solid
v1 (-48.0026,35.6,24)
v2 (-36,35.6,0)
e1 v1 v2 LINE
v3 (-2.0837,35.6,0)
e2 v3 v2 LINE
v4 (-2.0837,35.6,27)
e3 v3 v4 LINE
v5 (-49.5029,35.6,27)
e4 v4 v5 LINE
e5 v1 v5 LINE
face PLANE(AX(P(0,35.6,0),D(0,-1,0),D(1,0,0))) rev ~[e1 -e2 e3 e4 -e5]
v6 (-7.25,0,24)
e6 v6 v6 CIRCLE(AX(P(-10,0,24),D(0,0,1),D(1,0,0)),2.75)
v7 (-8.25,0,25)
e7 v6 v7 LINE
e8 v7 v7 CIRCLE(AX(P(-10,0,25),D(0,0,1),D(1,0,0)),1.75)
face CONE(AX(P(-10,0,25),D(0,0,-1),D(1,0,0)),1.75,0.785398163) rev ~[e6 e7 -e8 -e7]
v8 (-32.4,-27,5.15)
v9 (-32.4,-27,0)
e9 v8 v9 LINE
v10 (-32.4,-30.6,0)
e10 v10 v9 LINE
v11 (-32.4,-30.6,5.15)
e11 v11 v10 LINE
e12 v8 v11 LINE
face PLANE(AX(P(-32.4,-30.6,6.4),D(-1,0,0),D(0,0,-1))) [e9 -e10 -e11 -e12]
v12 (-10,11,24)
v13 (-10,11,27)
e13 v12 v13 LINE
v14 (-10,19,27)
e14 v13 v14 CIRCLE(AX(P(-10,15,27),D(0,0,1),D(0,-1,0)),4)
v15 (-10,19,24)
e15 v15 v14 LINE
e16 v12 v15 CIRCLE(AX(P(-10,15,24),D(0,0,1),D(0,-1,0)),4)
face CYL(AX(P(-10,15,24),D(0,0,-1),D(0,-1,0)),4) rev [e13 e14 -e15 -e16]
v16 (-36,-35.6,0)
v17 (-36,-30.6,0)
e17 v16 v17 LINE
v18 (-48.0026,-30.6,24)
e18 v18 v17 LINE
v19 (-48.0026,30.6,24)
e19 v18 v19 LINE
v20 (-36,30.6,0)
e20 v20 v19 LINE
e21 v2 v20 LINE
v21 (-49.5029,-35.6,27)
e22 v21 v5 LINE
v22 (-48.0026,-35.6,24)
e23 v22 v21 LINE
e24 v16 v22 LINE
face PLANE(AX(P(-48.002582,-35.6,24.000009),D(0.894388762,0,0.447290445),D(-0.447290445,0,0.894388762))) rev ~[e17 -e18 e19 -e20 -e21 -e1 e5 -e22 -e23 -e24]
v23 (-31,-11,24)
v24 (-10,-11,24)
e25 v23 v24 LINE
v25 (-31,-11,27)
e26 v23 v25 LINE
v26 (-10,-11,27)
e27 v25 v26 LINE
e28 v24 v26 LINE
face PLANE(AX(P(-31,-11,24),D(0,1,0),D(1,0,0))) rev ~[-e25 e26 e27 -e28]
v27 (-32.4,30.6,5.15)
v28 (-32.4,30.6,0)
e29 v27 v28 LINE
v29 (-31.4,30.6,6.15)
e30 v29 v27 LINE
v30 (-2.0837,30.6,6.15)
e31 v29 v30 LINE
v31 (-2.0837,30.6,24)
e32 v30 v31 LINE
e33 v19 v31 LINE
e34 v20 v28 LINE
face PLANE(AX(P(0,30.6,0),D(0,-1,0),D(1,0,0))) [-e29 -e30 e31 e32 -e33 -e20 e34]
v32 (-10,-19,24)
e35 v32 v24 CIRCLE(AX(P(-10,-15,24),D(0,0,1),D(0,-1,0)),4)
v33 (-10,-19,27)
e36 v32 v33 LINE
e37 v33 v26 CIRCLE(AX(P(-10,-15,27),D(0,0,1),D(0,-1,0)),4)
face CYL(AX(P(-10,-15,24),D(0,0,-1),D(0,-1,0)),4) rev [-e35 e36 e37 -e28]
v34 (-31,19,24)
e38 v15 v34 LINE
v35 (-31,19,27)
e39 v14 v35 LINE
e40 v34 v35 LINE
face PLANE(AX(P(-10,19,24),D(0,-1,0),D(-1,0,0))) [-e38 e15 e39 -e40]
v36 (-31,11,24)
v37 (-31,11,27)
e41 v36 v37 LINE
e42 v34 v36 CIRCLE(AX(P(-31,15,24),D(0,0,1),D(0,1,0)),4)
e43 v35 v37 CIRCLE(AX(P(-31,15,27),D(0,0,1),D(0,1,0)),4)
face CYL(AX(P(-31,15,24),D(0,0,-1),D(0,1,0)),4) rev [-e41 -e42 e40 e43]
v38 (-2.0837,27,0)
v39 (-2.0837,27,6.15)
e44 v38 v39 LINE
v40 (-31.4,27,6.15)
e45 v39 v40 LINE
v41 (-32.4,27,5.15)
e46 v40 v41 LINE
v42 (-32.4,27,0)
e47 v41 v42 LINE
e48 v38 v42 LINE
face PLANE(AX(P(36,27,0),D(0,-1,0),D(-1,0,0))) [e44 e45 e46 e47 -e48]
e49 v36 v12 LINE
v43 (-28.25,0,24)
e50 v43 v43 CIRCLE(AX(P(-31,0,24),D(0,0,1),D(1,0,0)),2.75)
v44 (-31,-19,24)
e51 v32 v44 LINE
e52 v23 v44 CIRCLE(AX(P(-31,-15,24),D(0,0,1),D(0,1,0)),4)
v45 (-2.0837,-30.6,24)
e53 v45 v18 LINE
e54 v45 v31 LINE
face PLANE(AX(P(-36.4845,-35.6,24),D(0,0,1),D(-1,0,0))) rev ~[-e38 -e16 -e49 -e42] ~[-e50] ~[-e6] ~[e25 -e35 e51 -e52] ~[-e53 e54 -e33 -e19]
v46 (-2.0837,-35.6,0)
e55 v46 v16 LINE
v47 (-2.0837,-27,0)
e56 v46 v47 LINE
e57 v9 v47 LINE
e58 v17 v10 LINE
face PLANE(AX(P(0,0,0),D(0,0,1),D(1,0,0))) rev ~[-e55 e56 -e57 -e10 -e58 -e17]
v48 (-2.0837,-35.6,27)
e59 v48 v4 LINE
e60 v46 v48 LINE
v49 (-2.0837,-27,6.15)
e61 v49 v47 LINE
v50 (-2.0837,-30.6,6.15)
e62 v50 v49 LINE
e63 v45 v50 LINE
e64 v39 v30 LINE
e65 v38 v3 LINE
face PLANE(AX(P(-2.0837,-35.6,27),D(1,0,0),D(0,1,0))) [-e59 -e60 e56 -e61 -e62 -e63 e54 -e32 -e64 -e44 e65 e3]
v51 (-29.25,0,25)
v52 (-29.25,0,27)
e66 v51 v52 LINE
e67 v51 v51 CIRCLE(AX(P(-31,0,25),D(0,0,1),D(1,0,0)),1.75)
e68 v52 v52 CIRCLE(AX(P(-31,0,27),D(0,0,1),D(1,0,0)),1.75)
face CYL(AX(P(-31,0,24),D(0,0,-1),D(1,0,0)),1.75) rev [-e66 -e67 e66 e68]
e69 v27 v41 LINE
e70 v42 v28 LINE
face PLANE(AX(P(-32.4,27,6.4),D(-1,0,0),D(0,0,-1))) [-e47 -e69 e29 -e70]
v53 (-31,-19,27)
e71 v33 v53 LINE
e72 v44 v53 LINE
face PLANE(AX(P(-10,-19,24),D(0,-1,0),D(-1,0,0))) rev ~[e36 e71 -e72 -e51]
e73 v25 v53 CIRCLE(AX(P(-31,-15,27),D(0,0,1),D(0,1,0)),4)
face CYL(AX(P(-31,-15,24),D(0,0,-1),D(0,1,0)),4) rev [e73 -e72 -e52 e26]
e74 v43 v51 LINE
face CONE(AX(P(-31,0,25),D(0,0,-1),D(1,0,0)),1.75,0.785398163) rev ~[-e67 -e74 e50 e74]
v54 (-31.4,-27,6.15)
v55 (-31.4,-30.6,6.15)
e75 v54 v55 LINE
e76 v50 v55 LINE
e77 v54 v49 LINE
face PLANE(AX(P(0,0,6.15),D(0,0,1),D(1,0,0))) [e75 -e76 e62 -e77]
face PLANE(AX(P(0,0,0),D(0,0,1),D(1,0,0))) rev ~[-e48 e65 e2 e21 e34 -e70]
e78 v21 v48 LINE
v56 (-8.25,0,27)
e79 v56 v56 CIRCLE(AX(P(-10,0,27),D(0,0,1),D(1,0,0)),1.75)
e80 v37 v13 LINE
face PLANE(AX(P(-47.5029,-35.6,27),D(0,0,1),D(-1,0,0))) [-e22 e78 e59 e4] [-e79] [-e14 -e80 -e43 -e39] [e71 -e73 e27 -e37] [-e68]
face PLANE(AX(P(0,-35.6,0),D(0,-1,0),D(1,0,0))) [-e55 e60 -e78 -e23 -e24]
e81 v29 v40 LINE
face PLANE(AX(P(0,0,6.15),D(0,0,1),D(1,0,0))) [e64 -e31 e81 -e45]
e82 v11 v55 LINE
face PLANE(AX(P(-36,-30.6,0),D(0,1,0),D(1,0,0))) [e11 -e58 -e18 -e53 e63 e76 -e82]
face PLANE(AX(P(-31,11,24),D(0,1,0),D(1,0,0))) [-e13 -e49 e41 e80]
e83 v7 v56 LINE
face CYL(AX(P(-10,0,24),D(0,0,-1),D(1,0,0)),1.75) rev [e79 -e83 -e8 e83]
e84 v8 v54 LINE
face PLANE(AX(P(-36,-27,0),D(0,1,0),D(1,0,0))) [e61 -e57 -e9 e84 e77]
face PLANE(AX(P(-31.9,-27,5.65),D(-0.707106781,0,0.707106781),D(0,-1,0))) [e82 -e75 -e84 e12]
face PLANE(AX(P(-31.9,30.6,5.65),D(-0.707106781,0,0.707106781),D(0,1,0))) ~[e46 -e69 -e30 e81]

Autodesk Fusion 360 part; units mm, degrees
sketch "Sketch1" plane through (0, 0, 0) normal (0, 0, 1) x (1, 0, 0)
  line L0 (36, 27) -> (-36, 27)
  line L1 (-36, 27) -> (-36, -27)
  line L2 (-36, -27) -> (36, -27)
  line L3 (36, -27) -> (36, 27)
  line L4 (36, 30.6) -> (-36, 30.6)
  line L5 (-36, 35.6) -> (-36, -30.6)
  line L6 (-36, -30.6) -> (36, -30.6)
  line L7 (36, -30.6) -> (36, 30.6)
  line L8 (33, 35.6) -> (-36, 35.6)
  line L9 (41, -27.6) -> (41, 27.6)
  line L10 (33, -35.6) -> (-36, -35.6)
  line L11 (-36, -35.6) -> (-36, 30.6)
  arc A0 (41, 27.6) -> (33, 35.6) centre (33, 27.6) ccw
  arc A1 (33, -35.6) -> (41, -27.6) centre (33, -27.6) ccw
  circle A2 centre (-31, 0) radius 1.75
  line L12 (-31, 11) -> (-10, 11)
  arc A3 (-10, 11) -> (-10, 19) centre (-10, 15) ccw
  line L13 (-10, 19) -> (-31, 19)
  arc A4 (-31, 19) -> (-31, 11) centre (-31, 15) ccw
  line L14 (-31, 15) -> (-10, 15) construction
  line L15 (1.75, 0) -> (22.5, 0)
  line L16 (-31, -11) -> (-10, -11)
  line L17 (-10, -19) -> (-31, -19)
  arc A5 (-10, -19) -> (-10, -11) centre (-10, -15) ccw
  arc A6 (-31, -11) -> (-31, -19) centre (-31, -15) ccw
  circle A7 centre (-10, 0) radius 1.75
  dimension "d1" = 72
  dimension "d2" = 54
  dimension "d3" = 61.2
  dimension "d6" = 8
  dimension "d32" = 3.5
  dimension "d34" = 8
  dimension "d40" = 3.5
extrude "Extrude1" add sketch "Sketch1" along normal blind 6.15 contours L3 L4 L5 L6 L7 L8 L9 L10 L11 A0 A1 | L0 L4 L5 L7 L11 | L2 L5 L6 L7 L11
extrude "Extrude2" add sketch "Sketch1" along normal blind 24 contours L3 L4 L5 L6 L7 L8 L9 L10 L11 A0 A1
extrude "Extrude3" add sketch "Sketch1" along normal blind 27 and the other way blind -24
sketch "Sketch2" plane through (0, -35.6, 0) normal (0, -1, 0) x (1, 0, 0)
  line L0 (-36, 0) -> (33, 0)
  line L1 (33, 0) -> (33, 27)
  line L2 (-36, 27) -> (-36, 0)
  line L3 (-36, 0) -> (-49.5029, 27)
  line L4 (-36, 0) -> (-6, 0) construction
  line L5 (-36, 27) -> (-49.5029, 27)
  line L6 (33, 27) -> (-36, 27)
  line L7 (-36, 27) -> (-36, 24)
  line L8 (-36, 24) -> (-36.4845, 24)
  line L9 (-36.4845, 24) -> (-48.0026, 24)
  line L10 (-36, 0) -> (-36, 6.4)
  line L11 (-36, 6.4) -> (-36, 6)
  line L12 (-36, 6.4) -> (-39.2007, 6.4)
  line L13 (-36, 0) -> (-32.4, 0)
  line L14 (-49.5029, 27) -> (-47.5029, 27)
  line L15 (-36, 6.4) -> (-32.4, 6.4)
  line L16 (-32.4, 6.4) -> (-32.4, 0)
  dimension "d11" = 116.57
  dimension "d25" = 6.4
  dimension "d36" = 3.6
  dimension "d37" = 2
extrude "Extrude4" add sketch "Sketch2" against normal blind 5 contours L2 L3 L10 L11 L12 | L2 L3 L8 L9 L12
extrude "Extrude5" add sketch "Sketch2" along normal blind -71.2 and the other way blind 66.2 contours L2 L3 L10 L11 L12 | L2 L3 L8 L9 L12
extrude "Extrude6" add sketch "Sketch2" against normal blind 71.2 contours L2 L3 L5 L7 L8 L9 L14
extrude "Extrude7" cut sketch "Sketch2" along normal blind -8.6 and the other way blind 5 contours L0 L2 L10 L11 L13 L15 L16
extrude "Extrude8" cut sketch "Sketch2" along normal blind -66.2 and the other way blind 62.6 contours L0 L2 L10 L11 L13 L15 L16
chamfer "Chamfer2" distance 1 angle 45 2 edges at (-32.6316, 0.6328, 24) (-11.6316, 0.6328, 24)
sketch "Sketch3" plane through (0, 0, 27) normal (0, 0, 1) x (-1, 0, 0)
  arc A0 (10, 19) -> (10, 11) centre (10, 15) ccw
  line L0 (10, 19) -> (31, 19)
  arc A1 (31, 11) -> (31, 19) centre (31, 15) ccw
  line L1 (31, 11) -> (10, 11)
  circle A2 centre (31, 0) radius 1.75
  circle A3 centre (10, 0) radius 1.75
  arc A4 (31, -19) -> (31, -11) centre (31, -15) ccw
  line L2 (31, -19) -> (10, -19)
  arc A5 (10, -11) -> (10, -19) centre (10, -15) ccw
  line L3 (10, -11) -> (31, -11)
  line L4 (49.5029, 35.6) -> (-33, 35.6)
  arc A6 (-33, 35.6) -> (-41, 27.6) centre (-33, 27.6) ccw
  line L5 (-41, 27.6) -> (-41, -27.6)
  arc A7 (-41, -27.6) -> (-33, -35.6) centre (-33, -27.6) ccw
  line L6 (-33, -35.6) -> (49.5029, -35.6)
  line L7 (49.5029, -35.6) -> (49.5029, 35.6)
  line L8 (2.0837, -40) -> (-45, -40)
  line L9 (-45, -40) -> (-45, 40)
  line L10 (-45, 40) -> (2.0837, 40)
  line L11 (2.0837, 40) -> (2.0837, -40)
extrude "Extrude9" cut sketch "Sketch3" against normal blind 55 contours L4 A6 L5 A7 L6 L11 | L4 A6 L5 A7 L6 L8 L9 L10 L11
chamfer "Chamfer3" distance 1 angle 45 2 edges at (-32.4, -28.8, 6.15) (-32.4, 28.8, 6.15)
